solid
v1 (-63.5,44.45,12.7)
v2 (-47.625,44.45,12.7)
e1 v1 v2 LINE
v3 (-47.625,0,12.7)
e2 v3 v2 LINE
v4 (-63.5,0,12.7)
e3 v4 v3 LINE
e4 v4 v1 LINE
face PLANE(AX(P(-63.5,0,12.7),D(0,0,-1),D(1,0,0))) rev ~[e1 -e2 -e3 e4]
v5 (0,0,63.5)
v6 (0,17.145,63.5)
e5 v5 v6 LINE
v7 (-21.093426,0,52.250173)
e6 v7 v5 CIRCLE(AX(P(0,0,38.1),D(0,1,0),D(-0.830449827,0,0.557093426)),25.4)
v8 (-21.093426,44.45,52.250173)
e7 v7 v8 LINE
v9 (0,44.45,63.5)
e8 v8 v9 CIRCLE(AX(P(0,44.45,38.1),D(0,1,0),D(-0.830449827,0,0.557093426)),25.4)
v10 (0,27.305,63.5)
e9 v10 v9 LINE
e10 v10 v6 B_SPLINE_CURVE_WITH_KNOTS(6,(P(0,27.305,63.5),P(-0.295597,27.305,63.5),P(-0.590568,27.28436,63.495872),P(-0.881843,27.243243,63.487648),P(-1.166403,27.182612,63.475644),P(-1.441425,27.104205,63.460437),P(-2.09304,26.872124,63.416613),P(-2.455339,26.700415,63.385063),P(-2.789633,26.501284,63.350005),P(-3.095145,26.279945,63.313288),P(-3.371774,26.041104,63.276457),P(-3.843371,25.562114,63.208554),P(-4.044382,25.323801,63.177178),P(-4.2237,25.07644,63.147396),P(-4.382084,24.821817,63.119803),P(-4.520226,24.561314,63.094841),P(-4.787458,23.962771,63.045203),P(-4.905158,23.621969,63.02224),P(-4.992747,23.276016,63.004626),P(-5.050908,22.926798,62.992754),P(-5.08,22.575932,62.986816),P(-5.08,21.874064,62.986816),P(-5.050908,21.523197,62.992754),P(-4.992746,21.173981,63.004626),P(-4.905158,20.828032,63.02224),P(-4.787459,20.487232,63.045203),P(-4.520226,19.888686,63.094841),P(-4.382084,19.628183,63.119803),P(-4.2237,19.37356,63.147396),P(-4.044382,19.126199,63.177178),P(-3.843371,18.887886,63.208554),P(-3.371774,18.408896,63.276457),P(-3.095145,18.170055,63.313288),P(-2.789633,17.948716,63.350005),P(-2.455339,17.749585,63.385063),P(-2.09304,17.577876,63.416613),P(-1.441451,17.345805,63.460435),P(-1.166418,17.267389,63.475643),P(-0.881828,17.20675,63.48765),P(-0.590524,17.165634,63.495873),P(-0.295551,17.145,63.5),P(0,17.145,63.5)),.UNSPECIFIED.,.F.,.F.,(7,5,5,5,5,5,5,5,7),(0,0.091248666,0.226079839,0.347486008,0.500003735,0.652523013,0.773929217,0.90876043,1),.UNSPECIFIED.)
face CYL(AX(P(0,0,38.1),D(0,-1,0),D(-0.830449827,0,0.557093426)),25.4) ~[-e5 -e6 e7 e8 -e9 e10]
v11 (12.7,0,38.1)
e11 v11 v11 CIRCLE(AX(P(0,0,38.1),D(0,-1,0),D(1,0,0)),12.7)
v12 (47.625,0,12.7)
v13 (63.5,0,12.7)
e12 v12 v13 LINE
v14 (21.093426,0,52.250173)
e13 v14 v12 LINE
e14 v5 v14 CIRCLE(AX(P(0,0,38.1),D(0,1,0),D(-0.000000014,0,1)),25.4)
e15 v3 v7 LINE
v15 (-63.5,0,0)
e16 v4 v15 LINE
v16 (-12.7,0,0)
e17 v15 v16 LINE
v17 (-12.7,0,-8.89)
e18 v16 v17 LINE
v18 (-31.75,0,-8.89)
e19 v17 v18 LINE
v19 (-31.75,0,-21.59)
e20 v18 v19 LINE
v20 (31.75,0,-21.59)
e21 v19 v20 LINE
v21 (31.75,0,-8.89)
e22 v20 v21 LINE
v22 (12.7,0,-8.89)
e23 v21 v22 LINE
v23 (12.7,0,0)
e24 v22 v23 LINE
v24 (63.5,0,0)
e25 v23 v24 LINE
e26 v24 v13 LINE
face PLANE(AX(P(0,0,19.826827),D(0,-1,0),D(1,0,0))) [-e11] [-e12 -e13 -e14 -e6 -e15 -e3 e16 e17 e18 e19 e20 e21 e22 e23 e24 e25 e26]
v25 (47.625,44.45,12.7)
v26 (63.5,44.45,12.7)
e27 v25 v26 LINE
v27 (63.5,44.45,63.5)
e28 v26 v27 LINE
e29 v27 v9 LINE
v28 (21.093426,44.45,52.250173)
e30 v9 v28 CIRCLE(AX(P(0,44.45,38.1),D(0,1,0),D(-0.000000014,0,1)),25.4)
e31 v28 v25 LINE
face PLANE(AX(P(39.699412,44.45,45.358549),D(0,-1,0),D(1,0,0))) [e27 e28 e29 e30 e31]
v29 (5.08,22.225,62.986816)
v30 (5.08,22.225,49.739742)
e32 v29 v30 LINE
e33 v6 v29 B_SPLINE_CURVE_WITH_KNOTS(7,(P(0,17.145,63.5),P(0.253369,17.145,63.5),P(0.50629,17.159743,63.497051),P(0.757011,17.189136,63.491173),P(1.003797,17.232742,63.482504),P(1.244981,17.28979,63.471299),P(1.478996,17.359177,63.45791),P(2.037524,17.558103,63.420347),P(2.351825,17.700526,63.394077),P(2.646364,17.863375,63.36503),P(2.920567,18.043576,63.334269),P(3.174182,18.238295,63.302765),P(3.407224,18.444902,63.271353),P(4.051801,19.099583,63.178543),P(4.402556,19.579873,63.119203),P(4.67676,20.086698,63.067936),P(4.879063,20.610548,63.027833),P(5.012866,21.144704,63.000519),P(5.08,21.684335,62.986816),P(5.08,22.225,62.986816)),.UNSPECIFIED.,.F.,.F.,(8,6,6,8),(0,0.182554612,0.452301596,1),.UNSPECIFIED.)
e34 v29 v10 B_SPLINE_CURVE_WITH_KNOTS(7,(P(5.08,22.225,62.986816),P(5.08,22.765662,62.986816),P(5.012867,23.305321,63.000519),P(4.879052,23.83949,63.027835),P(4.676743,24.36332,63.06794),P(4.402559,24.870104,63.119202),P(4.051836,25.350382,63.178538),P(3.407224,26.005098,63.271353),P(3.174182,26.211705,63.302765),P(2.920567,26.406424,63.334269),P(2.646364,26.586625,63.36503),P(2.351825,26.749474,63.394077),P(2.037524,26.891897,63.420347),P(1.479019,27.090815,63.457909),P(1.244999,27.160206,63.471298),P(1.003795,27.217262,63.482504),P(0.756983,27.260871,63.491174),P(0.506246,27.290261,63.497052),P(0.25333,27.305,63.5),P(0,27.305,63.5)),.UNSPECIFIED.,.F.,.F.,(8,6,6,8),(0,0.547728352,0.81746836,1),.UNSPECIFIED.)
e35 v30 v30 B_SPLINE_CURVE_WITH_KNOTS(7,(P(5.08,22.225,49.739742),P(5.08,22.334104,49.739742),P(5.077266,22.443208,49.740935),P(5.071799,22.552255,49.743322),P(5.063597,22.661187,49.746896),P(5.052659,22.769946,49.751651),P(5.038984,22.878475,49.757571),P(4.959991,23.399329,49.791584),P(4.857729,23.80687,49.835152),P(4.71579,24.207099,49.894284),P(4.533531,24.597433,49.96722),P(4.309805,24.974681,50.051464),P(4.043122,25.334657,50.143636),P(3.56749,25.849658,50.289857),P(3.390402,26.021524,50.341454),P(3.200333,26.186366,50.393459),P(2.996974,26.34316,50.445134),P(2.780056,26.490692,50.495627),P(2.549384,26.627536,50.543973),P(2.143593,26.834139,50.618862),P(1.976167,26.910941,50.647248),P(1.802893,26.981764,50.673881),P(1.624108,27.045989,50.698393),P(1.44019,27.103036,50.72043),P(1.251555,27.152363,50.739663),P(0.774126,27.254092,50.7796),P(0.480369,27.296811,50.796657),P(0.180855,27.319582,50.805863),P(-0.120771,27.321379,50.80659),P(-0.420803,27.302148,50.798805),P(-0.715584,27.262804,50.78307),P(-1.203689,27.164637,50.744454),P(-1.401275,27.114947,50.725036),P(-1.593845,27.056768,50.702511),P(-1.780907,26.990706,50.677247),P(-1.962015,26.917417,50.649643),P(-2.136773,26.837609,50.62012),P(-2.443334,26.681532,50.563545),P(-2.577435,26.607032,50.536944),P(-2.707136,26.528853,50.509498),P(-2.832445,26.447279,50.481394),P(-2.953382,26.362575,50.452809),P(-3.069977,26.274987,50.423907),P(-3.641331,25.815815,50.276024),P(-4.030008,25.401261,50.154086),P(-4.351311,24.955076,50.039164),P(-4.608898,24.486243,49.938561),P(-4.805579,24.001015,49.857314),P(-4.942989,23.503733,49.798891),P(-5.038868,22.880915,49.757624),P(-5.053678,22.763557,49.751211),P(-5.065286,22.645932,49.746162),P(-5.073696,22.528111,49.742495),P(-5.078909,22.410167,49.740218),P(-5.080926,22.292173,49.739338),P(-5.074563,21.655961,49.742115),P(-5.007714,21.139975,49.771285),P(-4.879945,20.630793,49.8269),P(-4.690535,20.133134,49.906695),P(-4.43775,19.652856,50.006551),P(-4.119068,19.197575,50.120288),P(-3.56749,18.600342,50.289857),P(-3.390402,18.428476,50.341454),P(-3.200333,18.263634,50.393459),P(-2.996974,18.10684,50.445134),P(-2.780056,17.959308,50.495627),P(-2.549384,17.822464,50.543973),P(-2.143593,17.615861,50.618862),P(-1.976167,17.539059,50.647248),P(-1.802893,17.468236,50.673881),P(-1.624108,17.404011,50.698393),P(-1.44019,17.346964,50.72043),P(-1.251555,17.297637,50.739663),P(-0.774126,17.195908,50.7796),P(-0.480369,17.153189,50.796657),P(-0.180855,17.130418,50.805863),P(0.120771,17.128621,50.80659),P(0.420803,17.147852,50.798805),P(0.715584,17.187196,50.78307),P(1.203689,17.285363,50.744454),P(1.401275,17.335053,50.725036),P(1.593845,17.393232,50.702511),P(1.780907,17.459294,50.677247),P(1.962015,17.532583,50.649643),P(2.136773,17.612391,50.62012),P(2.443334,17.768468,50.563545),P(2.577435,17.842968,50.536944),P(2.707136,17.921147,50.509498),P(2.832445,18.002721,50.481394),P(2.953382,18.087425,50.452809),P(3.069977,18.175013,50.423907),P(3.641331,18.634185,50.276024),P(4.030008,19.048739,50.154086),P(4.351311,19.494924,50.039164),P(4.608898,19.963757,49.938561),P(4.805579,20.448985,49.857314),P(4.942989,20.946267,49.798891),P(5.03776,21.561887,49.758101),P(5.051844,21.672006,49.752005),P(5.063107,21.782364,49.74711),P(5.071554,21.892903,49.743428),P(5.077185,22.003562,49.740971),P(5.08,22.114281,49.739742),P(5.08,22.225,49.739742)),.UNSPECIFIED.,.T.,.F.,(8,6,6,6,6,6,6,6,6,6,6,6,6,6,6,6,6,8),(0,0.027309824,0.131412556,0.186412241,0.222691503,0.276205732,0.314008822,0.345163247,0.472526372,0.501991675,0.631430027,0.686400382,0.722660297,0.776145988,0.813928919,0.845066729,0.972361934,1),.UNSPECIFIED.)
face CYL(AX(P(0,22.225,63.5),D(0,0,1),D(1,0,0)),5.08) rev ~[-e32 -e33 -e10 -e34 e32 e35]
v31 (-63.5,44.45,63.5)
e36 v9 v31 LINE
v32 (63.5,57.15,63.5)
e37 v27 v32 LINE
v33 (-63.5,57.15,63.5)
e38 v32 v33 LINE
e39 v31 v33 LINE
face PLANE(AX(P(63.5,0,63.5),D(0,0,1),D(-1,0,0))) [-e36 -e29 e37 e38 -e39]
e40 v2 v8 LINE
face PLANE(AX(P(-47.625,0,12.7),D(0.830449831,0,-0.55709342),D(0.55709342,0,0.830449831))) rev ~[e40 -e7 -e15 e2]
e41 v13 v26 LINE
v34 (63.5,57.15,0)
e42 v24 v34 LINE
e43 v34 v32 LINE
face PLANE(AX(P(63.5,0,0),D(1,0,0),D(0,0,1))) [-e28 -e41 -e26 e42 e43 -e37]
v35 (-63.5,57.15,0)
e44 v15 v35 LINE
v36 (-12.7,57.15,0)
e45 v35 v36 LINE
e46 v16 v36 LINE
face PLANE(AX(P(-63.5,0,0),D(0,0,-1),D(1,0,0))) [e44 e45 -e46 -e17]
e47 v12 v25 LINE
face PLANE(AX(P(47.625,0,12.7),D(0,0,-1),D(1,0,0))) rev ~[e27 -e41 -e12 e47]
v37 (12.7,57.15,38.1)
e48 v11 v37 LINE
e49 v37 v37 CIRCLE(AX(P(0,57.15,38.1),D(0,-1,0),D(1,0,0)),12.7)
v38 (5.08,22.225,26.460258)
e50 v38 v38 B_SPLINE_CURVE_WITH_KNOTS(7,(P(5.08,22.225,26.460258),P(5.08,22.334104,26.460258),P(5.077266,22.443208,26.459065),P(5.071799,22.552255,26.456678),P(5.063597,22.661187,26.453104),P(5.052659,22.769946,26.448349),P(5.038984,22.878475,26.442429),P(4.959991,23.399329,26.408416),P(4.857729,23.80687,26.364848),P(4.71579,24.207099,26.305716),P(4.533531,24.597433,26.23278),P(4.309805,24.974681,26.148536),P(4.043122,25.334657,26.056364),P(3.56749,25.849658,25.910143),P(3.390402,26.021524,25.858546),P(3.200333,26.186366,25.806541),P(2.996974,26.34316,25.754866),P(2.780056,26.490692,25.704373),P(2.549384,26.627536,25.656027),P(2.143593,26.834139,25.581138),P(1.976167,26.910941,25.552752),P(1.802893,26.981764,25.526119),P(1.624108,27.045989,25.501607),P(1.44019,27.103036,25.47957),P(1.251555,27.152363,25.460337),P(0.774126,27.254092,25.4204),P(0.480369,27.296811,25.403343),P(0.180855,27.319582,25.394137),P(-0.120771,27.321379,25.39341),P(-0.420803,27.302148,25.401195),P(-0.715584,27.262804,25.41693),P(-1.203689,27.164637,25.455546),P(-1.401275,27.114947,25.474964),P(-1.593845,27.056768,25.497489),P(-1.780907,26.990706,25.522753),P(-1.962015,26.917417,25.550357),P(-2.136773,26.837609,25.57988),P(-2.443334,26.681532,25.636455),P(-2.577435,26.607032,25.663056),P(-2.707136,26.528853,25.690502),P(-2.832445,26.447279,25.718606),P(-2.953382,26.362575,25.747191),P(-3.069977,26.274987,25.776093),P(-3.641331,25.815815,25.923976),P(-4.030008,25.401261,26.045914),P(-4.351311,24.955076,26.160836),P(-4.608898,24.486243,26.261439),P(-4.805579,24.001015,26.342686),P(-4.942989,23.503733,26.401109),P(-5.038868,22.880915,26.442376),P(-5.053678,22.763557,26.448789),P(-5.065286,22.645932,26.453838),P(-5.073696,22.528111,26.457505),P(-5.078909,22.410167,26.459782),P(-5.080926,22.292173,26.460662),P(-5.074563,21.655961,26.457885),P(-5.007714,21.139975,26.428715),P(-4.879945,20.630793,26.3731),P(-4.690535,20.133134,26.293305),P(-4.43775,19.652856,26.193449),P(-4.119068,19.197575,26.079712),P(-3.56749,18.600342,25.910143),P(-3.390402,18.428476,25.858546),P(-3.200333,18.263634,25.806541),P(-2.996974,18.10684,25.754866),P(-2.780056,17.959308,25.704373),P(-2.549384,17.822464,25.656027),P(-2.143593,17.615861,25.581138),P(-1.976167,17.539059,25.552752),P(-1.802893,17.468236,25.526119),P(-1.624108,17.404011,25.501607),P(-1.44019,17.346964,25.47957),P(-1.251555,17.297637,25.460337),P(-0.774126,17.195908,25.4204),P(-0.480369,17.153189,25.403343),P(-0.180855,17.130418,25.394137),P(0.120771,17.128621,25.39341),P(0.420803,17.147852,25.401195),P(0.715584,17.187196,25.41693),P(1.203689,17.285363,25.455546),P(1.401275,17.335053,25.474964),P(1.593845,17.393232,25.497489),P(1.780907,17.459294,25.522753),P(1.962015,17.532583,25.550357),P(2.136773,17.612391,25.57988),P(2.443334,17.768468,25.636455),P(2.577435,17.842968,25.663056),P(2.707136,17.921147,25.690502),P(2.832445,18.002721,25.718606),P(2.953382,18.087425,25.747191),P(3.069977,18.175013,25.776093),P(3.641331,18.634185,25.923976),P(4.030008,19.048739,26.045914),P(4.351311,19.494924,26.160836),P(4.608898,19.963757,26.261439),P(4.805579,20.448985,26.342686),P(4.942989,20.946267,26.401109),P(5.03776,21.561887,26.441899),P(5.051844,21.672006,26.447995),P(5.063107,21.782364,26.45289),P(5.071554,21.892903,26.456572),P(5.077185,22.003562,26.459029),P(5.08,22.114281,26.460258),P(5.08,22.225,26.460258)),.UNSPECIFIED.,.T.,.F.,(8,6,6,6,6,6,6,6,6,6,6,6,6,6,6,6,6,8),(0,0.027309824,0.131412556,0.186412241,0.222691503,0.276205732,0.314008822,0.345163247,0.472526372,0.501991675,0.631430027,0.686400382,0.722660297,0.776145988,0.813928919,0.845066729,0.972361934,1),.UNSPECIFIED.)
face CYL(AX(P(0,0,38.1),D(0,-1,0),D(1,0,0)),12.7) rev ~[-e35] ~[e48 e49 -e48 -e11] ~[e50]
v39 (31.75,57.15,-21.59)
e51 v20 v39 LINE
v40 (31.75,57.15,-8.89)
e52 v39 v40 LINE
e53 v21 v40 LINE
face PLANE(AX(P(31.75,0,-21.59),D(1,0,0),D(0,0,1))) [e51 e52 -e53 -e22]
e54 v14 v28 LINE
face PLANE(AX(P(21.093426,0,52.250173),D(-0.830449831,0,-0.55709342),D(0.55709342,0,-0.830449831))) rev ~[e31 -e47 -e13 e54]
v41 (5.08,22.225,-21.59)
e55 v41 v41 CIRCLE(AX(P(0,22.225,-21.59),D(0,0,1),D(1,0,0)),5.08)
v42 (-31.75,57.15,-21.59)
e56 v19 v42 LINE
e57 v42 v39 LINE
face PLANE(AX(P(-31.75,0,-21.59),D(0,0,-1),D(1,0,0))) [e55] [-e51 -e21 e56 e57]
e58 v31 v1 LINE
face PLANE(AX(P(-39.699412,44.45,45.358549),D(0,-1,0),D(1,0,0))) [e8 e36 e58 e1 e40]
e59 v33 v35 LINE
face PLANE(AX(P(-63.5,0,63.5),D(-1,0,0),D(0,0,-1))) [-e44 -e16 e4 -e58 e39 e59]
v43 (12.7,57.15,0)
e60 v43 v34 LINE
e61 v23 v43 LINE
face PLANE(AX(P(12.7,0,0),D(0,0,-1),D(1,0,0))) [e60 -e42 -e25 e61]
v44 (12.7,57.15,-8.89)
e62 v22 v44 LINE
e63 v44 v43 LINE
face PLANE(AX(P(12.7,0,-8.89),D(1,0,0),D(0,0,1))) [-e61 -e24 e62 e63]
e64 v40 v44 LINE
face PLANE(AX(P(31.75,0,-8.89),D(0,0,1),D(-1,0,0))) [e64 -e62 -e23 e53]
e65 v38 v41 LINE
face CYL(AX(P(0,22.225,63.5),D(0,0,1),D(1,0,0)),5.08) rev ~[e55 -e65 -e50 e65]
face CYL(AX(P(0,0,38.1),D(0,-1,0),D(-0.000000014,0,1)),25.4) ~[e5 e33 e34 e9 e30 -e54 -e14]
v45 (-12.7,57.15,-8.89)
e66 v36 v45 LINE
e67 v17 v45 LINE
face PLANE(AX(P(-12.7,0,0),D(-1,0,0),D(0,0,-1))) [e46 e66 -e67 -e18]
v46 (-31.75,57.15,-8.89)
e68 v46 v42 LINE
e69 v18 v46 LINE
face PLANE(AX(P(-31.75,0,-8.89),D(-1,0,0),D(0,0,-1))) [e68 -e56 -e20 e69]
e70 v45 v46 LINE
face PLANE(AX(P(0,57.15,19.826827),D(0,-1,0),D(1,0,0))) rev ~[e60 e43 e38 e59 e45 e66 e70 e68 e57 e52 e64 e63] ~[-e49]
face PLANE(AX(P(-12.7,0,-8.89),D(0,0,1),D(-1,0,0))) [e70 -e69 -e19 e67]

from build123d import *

# Parameters (mm, degrees)
F1_DEPTH = 57.15
F3_DEPTH = 44.45
F4_DEPTH = 44.45
F2_R     = 12.7
F5_DEPTH = 57.151
F6_R     = 5.08
F7_DEPTH = 85.091


with BuildPart() as f1:
    # F0 (on Front) → F1 (new body)
    with BuildSketch(Plane.XZ):
        Polygon((12.7, 0), (63.5, 0), (63.5, 63.5), (-63.5, 63.5), (-63.5, 0), (-12.7, 0), (-12.7, -8.89), (-31.75, -8.89), (-31.75, -21.59), (31.75, -21.59), (31.75, -8.89), (12.7, -8.89), align=None)
    extrude(amount=-F1_DEPTH)

    # F2 (on face) → F3 (cut)
    with BuildSketch(Plane.XZ):
        with BuildLine():
            Line((63.5, 63.5), (0, 63.5))
            ThreePointArc((0, 63.5), (11.952941, 60.511765), (21.093426, 52.250173))
            Line((21.093426, 52.250173), (47.625, 12.7))
            Line((47.625, 12.7), (63.5, 12.7))
            Line((63.5, 12.7), (63.5, 63.5))
        make_face()
    extrude(amount=-F3_DEPTH, mode=Mode.SUBTRACT)

    # F2 (on face) → F4 (cut)
    with BuildSketch(Plane.XZ):
        with BuildLine():
            Line((-47.625, 12.7), (-21.093426, 52.250173))
            ThreePointArc((-21.093426, 52.250173), (-11.952941, 60.511765), (0, 63.5))
            Line((0, 63.5), (-63.5, 63.5))
            Line((-63.5, 63.5), (-63.5, 12.7))
            Line((-63.5, 12.7), (-47.625, 12.7))
        make_face()
    extrude(amount=-F4_DEPTH, mode=Mode.SUBTRACT)

    # F2 (on face) → F5 (cut, through all)
    with BuildSketch(Plane.XZ):
        with Locations((0, 38.1)):
            Circle(F2_R)
    extrude(amount=-F5_DEPTH, mode=Mode.SUBTRACT)

    # F6 (on face) → F7 (cut, through all)
    with BuildSketch(Plane.XY.offset(63.5)):
        with Locations((0, 22.225)):
            Circle(F6_R)
    extrude(amount=-F7_DEPTH, mode=Mode.SUBTRACT)


solid = f1.part
